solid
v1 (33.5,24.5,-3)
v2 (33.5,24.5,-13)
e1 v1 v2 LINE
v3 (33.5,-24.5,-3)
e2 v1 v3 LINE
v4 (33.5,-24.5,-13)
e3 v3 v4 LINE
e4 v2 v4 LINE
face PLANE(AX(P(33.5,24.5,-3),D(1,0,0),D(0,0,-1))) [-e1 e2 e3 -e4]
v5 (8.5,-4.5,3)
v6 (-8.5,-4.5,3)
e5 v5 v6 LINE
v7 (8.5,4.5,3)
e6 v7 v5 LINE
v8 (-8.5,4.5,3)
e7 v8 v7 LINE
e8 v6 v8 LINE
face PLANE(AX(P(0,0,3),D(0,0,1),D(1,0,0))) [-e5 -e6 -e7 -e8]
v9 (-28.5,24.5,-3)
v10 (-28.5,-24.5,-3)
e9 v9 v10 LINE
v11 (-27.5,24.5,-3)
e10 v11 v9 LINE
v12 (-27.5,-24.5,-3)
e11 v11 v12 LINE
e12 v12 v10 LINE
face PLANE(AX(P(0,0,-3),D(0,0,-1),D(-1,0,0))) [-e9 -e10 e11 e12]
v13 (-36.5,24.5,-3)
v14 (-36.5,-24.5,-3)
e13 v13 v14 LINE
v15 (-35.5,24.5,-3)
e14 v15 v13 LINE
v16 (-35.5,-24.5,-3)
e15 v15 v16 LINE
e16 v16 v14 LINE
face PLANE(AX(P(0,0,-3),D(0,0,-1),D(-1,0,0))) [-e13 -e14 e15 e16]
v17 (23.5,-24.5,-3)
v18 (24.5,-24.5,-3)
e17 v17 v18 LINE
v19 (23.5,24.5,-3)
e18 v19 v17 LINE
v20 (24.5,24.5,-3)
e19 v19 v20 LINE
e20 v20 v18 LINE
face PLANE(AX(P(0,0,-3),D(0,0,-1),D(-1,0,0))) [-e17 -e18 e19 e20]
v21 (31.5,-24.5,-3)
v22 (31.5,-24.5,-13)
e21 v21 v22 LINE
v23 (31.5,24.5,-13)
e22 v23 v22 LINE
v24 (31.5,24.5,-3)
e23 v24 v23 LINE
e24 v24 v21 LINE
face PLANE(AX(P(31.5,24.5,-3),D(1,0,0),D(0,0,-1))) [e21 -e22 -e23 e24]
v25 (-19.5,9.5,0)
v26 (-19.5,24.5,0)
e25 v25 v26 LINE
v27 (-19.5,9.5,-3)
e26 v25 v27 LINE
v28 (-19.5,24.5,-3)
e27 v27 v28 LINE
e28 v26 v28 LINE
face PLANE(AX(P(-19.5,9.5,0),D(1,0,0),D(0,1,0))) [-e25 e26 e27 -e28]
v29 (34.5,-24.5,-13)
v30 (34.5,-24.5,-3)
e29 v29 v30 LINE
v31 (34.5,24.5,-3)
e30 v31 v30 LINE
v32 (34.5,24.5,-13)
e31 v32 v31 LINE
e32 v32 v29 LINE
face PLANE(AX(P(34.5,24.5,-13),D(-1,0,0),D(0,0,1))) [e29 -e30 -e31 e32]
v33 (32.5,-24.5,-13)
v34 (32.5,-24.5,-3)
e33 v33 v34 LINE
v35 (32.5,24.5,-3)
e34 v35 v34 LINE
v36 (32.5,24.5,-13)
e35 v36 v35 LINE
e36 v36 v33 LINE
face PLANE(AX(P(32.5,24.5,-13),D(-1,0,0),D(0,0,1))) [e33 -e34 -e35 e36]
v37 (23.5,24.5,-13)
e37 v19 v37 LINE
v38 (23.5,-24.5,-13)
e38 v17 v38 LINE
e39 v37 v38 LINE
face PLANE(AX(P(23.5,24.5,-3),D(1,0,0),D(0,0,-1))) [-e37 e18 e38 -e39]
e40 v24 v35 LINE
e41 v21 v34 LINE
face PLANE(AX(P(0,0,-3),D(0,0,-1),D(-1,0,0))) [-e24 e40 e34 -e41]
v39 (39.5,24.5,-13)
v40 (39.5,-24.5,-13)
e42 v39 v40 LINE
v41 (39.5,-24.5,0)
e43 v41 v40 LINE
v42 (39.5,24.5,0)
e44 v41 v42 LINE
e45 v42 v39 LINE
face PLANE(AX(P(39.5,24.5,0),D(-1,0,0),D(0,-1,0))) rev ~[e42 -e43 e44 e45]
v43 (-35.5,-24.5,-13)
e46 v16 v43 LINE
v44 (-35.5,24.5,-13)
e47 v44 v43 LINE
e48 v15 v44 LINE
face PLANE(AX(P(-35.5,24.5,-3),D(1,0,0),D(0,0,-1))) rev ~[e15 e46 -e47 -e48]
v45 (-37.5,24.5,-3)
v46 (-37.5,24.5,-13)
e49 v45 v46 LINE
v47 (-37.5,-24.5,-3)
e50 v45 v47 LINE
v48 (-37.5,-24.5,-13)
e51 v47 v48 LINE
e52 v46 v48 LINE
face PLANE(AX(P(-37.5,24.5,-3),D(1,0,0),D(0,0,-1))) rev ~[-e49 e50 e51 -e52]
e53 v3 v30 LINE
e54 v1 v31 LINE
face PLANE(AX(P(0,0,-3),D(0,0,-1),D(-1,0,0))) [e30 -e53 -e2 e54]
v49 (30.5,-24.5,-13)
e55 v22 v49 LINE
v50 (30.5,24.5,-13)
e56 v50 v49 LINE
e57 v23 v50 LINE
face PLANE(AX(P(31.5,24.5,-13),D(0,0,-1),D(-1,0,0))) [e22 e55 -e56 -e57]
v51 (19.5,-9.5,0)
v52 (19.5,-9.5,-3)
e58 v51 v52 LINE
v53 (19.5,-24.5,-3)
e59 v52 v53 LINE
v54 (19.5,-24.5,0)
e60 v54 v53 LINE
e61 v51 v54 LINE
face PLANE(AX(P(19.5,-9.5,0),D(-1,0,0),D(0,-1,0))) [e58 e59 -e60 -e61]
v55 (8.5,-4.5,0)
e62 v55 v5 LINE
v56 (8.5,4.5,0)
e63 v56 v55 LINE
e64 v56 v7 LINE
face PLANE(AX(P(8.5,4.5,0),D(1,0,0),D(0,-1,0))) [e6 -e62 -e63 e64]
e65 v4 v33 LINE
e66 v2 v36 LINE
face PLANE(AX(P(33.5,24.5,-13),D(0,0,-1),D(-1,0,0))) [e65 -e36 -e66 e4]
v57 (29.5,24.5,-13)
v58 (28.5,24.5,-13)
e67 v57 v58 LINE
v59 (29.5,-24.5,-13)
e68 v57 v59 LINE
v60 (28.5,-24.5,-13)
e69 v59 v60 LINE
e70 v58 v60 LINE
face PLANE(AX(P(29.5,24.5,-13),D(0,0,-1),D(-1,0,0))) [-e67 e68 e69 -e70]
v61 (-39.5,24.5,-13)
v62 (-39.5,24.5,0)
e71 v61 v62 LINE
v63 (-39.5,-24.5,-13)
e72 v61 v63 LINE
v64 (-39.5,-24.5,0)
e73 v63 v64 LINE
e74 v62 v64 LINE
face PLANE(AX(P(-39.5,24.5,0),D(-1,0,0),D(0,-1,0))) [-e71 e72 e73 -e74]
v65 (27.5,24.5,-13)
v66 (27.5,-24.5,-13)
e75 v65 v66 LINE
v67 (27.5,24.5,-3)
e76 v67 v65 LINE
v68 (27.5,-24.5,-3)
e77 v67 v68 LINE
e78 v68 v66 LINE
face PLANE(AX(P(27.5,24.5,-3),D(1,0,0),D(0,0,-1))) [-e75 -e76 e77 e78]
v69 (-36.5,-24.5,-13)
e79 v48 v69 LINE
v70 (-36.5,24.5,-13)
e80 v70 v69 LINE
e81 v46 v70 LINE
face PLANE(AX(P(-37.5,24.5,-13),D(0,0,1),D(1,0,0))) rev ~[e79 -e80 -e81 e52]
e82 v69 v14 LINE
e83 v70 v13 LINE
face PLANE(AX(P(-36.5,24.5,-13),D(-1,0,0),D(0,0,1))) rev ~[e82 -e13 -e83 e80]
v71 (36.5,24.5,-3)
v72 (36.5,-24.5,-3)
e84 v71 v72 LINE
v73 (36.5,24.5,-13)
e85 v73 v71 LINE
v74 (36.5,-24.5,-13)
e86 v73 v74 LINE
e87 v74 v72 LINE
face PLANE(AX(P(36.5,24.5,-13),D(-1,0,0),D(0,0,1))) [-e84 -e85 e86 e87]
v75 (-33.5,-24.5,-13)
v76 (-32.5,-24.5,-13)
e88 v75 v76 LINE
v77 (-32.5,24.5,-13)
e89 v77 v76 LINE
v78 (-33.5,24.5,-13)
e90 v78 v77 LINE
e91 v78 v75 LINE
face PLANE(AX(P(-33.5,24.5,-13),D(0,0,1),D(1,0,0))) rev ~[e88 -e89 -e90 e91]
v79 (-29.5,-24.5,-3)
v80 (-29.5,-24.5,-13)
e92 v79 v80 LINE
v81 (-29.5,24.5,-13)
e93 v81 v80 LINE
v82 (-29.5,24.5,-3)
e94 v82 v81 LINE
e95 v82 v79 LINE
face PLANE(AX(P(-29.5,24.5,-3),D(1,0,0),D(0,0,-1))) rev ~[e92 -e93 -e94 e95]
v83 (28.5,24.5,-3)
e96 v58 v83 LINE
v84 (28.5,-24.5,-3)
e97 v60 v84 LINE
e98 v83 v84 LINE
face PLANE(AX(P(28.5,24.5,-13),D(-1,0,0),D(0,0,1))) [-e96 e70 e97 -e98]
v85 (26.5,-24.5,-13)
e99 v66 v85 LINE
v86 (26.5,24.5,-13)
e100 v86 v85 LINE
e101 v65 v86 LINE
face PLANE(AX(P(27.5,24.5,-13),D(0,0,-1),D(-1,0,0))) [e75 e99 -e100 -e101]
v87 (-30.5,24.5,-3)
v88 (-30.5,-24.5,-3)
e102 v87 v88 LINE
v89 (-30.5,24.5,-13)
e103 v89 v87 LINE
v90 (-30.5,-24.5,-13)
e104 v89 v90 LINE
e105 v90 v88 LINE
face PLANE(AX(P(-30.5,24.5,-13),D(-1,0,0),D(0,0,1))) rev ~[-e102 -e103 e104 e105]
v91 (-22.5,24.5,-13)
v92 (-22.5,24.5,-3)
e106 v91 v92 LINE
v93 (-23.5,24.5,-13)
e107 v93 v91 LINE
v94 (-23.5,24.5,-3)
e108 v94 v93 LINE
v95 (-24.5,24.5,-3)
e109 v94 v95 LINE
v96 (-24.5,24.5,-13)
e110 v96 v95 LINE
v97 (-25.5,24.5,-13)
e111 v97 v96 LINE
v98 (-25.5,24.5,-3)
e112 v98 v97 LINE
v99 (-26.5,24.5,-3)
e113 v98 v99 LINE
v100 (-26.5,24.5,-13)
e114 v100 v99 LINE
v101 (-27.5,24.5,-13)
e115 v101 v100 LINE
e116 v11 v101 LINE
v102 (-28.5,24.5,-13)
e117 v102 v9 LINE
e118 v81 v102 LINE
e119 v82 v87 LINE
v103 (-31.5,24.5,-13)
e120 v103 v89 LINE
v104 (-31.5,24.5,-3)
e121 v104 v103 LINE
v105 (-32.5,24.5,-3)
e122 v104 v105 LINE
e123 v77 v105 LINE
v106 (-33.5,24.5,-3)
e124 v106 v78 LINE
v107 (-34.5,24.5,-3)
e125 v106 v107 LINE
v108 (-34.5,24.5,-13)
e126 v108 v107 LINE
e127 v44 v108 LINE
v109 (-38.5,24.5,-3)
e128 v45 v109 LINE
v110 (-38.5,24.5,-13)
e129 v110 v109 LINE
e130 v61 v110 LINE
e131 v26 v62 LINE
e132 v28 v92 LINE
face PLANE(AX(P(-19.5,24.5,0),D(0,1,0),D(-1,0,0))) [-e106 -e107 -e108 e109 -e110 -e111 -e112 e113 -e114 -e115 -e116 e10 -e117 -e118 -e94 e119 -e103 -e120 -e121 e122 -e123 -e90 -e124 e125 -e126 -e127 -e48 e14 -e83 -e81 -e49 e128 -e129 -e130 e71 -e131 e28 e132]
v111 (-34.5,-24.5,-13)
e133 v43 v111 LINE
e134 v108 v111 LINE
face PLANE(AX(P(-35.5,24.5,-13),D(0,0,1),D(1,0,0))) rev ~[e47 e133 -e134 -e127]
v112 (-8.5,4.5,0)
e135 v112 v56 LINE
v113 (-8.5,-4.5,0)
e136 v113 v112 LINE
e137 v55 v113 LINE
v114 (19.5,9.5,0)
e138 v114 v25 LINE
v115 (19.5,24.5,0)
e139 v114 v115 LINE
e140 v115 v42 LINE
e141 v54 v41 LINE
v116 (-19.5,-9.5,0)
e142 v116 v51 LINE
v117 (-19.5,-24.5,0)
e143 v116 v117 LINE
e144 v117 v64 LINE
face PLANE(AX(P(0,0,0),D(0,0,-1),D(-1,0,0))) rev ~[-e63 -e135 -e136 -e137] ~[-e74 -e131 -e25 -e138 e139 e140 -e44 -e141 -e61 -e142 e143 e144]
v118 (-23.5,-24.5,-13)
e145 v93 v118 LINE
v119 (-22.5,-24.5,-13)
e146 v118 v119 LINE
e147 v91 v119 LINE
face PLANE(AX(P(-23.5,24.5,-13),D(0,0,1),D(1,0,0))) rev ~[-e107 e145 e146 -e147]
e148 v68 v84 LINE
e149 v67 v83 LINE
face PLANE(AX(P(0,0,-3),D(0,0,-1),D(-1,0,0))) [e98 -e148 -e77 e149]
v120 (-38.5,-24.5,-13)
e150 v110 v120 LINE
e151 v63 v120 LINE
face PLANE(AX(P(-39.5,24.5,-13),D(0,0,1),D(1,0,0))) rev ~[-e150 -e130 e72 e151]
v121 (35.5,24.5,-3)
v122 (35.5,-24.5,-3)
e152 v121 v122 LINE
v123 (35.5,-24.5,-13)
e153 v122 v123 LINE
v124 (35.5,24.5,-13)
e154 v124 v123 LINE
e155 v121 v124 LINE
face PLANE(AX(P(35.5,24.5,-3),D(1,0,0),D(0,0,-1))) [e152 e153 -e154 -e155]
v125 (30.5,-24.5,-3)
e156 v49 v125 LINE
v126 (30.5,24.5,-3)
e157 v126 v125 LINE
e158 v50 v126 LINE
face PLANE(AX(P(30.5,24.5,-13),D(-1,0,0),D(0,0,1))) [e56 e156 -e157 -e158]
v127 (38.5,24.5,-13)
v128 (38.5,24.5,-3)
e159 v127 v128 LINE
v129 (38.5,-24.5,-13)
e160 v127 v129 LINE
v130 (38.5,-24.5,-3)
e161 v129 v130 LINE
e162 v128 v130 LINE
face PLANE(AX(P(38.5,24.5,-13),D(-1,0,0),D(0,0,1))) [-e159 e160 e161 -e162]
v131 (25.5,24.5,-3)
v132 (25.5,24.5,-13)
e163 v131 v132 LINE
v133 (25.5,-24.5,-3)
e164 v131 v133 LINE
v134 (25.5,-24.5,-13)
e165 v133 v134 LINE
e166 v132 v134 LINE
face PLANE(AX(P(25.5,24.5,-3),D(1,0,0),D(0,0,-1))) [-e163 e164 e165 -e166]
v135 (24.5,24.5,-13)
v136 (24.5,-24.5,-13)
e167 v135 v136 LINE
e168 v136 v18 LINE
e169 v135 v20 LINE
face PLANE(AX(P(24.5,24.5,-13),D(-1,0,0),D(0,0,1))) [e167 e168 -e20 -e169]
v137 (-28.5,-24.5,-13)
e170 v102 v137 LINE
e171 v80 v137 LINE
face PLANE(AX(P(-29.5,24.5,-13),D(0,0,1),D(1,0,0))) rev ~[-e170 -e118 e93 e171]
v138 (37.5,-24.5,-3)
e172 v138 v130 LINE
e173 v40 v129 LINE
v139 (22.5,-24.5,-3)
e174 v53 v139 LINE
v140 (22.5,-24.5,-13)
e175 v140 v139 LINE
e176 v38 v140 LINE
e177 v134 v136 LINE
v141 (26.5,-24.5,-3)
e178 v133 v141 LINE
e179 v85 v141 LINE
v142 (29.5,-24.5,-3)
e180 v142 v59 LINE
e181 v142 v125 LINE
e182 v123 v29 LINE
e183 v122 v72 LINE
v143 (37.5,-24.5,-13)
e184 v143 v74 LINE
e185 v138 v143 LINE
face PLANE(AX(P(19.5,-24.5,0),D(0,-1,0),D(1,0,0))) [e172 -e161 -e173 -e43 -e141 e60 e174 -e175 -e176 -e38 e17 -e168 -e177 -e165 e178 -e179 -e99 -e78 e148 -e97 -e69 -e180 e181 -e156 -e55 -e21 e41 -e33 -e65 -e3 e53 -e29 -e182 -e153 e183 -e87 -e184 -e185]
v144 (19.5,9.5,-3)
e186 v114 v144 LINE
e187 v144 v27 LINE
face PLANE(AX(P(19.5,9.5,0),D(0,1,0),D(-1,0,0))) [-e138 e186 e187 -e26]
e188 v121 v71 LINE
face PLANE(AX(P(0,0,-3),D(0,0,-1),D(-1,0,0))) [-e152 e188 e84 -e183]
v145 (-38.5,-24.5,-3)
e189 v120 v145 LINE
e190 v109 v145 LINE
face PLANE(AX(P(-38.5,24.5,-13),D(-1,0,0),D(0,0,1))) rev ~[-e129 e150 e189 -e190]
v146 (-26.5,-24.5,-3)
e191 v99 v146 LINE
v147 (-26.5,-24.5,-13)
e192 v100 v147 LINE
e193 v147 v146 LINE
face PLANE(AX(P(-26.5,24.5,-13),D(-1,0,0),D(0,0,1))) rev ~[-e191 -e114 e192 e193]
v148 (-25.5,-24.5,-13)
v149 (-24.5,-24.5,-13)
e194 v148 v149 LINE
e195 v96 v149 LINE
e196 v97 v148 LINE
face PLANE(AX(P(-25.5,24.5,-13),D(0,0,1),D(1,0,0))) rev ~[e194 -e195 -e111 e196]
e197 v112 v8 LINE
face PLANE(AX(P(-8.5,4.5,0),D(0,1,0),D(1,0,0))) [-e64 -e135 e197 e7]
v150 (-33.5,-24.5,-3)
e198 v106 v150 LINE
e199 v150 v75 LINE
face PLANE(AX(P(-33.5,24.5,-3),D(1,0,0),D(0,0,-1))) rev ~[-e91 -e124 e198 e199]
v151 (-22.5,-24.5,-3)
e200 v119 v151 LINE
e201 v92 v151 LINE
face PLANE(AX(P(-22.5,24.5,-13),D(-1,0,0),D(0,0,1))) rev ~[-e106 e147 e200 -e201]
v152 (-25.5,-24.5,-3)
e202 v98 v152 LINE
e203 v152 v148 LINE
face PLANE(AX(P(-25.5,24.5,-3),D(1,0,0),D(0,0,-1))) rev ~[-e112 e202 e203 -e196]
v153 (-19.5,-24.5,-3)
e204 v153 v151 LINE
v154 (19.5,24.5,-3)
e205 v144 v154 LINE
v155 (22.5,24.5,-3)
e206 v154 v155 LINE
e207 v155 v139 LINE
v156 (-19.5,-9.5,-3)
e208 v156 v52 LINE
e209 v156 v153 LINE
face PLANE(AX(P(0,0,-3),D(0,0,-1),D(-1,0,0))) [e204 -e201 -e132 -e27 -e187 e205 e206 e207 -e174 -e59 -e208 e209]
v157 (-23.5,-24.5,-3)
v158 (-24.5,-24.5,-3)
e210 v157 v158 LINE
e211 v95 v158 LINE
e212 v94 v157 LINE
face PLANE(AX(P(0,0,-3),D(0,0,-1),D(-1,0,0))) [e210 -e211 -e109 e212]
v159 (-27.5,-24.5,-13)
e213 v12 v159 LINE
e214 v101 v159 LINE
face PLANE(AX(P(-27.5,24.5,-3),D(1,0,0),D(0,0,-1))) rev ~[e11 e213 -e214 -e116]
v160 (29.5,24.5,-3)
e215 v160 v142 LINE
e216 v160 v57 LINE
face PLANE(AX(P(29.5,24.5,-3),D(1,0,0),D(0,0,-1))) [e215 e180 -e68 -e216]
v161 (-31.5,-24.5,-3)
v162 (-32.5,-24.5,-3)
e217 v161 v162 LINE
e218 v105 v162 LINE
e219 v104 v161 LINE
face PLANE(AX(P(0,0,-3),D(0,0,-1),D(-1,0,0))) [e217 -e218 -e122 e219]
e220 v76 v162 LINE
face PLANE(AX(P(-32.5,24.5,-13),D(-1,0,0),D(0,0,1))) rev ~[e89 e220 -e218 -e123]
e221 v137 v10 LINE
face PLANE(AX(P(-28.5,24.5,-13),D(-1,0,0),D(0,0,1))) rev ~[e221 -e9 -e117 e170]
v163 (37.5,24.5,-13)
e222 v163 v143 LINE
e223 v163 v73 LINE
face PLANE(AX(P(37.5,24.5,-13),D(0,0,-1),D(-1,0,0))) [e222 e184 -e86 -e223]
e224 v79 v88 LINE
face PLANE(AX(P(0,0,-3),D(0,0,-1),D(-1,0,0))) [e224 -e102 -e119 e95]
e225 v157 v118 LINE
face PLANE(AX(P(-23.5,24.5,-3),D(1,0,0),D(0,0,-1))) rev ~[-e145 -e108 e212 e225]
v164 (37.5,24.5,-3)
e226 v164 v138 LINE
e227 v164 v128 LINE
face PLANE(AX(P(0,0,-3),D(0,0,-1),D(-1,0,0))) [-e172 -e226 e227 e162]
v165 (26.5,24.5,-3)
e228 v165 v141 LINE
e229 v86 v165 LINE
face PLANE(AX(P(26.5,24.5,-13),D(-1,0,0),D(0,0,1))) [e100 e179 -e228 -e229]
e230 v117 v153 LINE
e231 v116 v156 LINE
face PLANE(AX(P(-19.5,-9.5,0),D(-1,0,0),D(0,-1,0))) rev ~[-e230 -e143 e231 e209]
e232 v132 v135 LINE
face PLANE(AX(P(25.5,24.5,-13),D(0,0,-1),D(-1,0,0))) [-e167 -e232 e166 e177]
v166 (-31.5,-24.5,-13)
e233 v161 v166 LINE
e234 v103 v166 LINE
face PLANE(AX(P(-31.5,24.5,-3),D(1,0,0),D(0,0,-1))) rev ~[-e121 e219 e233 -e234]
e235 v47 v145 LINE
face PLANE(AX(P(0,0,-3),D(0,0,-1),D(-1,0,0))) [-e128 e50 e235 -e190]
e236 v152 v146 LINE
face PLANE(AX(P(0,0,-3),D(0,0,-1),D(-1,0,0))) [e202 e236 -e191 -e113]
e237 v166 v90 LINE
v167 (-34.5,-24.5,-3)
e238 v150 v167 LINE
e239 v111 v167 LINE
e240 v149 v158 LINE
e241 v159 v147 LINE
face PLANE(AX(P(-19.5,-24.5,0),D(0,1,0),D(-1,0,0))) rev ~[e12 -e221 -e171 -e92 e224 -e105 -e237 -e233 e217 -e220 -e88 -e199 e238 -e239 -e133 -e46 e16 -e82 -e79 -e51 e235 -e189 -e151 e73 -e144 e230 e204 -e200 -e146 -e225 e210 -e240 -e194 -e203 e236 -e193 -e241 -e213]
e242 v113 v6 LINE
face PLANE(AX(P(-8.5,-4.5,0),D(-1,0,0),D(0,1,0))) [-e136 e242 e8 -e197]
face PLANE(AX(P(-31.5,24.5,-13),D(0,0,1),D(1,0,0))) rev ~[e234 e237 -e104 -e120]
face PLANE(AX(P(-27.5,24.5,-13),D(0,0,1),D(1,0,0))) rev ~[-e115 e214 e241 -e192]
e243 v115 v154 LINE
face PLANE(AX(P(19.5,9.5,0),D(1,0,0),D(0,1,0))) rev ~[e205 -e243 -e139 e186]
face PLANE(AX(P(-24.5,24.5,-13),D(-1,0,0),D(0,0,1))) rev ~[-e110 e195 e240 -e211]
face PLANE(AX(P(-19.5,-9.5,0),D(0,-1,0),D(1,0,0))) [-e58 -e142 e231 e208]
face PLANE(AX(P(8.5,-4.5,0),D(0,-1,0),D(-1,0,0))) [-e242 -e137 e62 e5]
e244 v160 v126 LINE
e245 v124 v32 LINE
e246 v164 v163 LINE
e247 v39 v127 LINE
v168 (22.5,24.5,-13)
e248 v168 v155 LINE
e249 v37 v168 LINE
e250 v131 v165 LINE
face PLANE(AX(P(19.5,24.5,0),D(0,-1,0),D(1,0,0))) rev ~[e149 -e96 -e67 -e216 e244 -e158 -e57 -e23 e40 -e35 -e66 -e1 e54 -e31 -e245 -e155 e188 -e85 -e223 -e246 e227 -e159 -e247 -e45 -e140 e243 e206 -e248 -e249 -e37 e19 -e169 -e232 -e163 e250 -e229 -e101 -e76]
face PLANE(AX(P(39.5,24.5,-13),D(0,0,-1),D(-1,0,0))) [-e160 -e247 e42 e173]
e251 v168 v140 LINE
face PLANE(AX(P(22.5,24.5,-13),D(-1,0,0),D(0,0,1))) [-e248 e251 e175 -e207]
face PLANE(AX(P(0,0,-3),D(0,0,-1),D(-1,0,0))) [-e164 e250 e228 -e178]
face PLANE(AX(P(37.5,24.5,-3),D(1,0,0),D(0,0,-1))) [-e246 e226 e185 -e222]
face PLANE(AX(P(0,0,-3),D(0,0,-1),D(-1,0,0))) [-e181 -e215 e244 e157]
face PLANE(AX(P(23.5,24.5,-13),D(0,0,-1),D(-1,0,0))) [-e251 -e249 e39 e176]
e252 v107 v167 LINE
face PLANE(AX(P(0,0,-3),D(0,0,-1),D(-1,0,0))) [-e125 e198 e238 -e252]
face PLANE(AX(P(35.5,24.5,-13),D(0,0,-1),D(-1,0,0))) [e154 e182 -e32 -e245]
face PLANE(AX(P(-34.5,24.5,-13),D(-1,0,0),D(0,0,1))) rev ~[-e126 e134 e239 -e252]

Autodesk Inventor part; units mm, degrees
ref_plane "YZ Plane" through (0, 0, 0) normal (1, 0, 0) x (0, 1, 0)
ref_plane "XZ Plane" through (0, 0, 0) normal (0, 1, 0) x (-1, 0, 0)
ref_plane "XY Plane" through (0, 0, 0) normal (0, 0, 1) x (1, 0, 0)
sketch "Sketch2" plane through (0, 0, 0) normal (0, 0, 1) x (1, 0, 0)
  line L0 (-8.5, 4.5) -> (8.5, 4.5)
  line L1 (8.5, 4.5) -> (8.5, -4.5)
  line L2 (8.5, -4.5) -> (-8.5, -4.5)
  line L3 (-8.5, -4.5) -> (-8.5, 4.5)
  line L4 (8.5, 4.5) -> (-8.5, -4.5) construction
  line L5 (8.5, -4.5) -> (-8.5, 4.5) construction
  point P0 (0, 0)
  dimension "d12" = 17
  dimension "d13" = 9
extrude "Extrusion2" add sketch "Sketch2" along normal blind 3
sketch "Sketch3" plane through (0, 0, 0) normal (0, 0, -1) x (-1, 0, 0)
  line L0 (-19.5, 9.5) -> (19.5, 9.5)
  line L1 (19.5, 9.5) -> (19.5, -9.5)
  line L2 (19.5, -9.5) -> (-19.5, -9.5)
  line L3 (-19.5, -9.5) -> (-19.5, 9.5)
  line L4 (-19.5, 9.5) -> (19.5, -9.5) construction
  line L5 (19.5, 9.5) -> (-19.5, -9.5) construction
  line L6 (8.5, 4.5) -> (-8.5, 4.5) projected
  line L7 (-8.5, 4.5) -> (-8.5, -4.5) projected
  line L8 (19.5, 15) -> (-19.5, 15) construction
  line L9 (-19.5, 15) -> (-19.5, -15) construction
  line L10 (-19.5, -15) -> (19.5, -15) construction
  line L11 (19.5, -15) -> (19.5, 15) construction
  line L12 (19.5, -15) -> (-19.5, 15) construction
  line L13 (-19.5, -15) -> (19.5, 15) construction
  line L14 (-19.5, 24.5) -> (-39.5, 24.5)
  line L15 (-19.5, 9.5) -> (-19.5, 24.5)
  line L16 (-39.5, 24.5) -> (-39.5, 0)
  line L17 (0, 0) -> (15.34, 0) construction
  line L18 (-19.5, -24.5) -> (-39.5, -24.5)
  line L19 (-19.5, -9.5) -> (-19.5, -24.5)
  line L20 (-39.5, -24.5) -> (-39.5, 0)
  line L21 (0, 0) -> (0, 17) construction
  line L22 (19.5, 24.5) -> (39.5, 24.5)
  line L23 (19.5, 9.5) -> (19.5, 24.5)
  line L24 (39.5, 24.5) -> (39.5, 0)
  line L25 (19.5, -9.5) -> (19.5, -24.5)
  line L26 (19.5, -24.5) -> (39.5, -24.5)
  line L27 (39.5, -24.5) -> (39.5, 0)
  dimension "d16" = 11
  dimension "d17" = 5
  dimension "d18" = 39
  dimension "d39" = 19
  dimension "d55" = 39
  dimension "d56" = 30
  dimension "d57" = 15
  dimension "d58" = 20
  dimension "d78" = 49
extrude "Extrusion3" add sketch "Sketch3" along normal blind 3
sketch "Sketch6" plane through (-19.5, 9.5, 0) normal (0, 1, 0) x (1, 0, 0)
  point P0 (19.5, 0)
sketch "Sketch7" plane through (19.5, 24.5, 0) normal (0, 1, 0) x (1, 0, 0)
  line L0 (20, 3) -> (20, 13)
  line L1 (20, 13) -> (19, 13)
  line L2 (19, 13) -> (19, 3)
  line L3 (-19.5, 0) -> (-19.5, 8) construction
  line L4 (20, 3) -> (19, 3)
  line L5 (18, 3) -> (18, 13)
  line L6 (18, 13) -> (17, 13)
  line L7 (17, 13) -> (17, 3)
  line L8 (18, 3) -> (17, 3)
  line L9 (16, 3) -> (16, 13)
  line L10 (16, 13) -> (15, 13)
  line L11 (15, 13) -> (15, 3)
  line L12 (16, 3) -> (15, 3)
  line L13 (14, 3) -> (14, 13)
  line L14 (14, 13) -> (13, 13)
  line L15 (13, 13) -> (13, 3)
  line L16 (14, 3) -> (13, 3)
  line L17 (12, 3) -> (12, 13)
  line L18 (12, 13) -> (11, 13)
  line L19 (11, 13) -> (11, 3)
  line L20 (12, 3) -> (11, 3)
  line L21 (10, 3) -> (10, 13)
  line L22 (10, 13) -> (9, 13)
  line L23 (9, 13) -> (9, 3)
  line L24 (10, 3) -> (9, 3)
  line L25 (8, 3) -> (8, 13)
  line L26 (8, 13) -> (7, 13)
  line L27 (7, 13) -> (7, 3)
  line L28 (8, 3) -> (7, 3)
  line L29 (6, 3) -> (6, 13)
  line L30 (6, 13) -> (5, 13)
  line L31 (5, 13) -> (5, 3)
  line L32 (6, 3) -> (5, 3)
  line L33 (4, 3) -> (4, 13)
  line L34 (4, 13) -> (3, 13)
  line L35 (3, 13) -> (3, 3)
  line L36 (4, 3) -> (3, 3)
  line L37 (0, 0) -> (-39, 0) projected
  line L38 (-59, 3) -> (-59, 13)
  line L39 (-59, 13) -> (-58, 13)
  line L40 (-58, 13) -> (-58, 3)
  line L41 (-59, 3) -> (-58, 3)
  line L42 (-57, 3) -> (-57, 13)
  line L43 (-57, 13) -> (-56, 13)
  line L44 (-56, 13) -> (-56, 3)
  line L45 (-57, 3) -> (-56, 3)
  line L46 (-55, 3) -> (-55, 13)
  line L47 (-55, 13) -> (-54, 13)
  line L48 (-54, 13) -> (-54, 3)
  line L49 (-55, 3) -> (-54, 3)
  line L50 (-53, 3) -> (-53, 13)
  line L51 (-53, 13) -> (-52, 13)
  line L52 (-52, 13) -> (-52, 3)
  line L53 (-53, 3) -> (-52, 3)
  line L54 (-51, 3) -> (-51, 13)
  line L55 (-51, 13) -> (-50, 13)
  line L56 (-50, 13) -> (-50, 3)
  line L57 (-51, 3) -> (-50, 3)
  line L58 (-49, 3) -> (-49, 13)
  line L59 (-49, 13) -> (-48, 13)
  line L60 (-48, 13) -> (-48, 3)
  line L61 (-49, 3) -> (-48, 3)
  line L62 (-47, 3) -> (-47, 13)
  line L63 (-47, 13) -> (-46, 13)
  line L64 (-46, 13) -> (-46, 3)
  line L65 (-47, 3) -> (-46, 3)
  line L66 (-45, 3) -> (-45, 13)
  line L67 (-45, 13) -> (-44, 13)
  line L68 (-44, 13) -> (-44, 3)
  line L69 (-45, 3) -> (-44, 3)
  line L70 (-43, 3) -> (-43, 13)
  line L71 (-43, 13) -> (-42, 13)
  line L72 (-42, 13) -> (-42, 3)
  line L73 (-43, 3) -> (-42, 3)
  dimension "d59" = 10
  dimension "d60" = 1
  dimension "d71" = 2
  dimension "d76" = 79
  dimension "d77" = 3
extrude "Extrusion6" add sketch "Sketch7" against normal blind 49
properties part number "SensorCooler01"
